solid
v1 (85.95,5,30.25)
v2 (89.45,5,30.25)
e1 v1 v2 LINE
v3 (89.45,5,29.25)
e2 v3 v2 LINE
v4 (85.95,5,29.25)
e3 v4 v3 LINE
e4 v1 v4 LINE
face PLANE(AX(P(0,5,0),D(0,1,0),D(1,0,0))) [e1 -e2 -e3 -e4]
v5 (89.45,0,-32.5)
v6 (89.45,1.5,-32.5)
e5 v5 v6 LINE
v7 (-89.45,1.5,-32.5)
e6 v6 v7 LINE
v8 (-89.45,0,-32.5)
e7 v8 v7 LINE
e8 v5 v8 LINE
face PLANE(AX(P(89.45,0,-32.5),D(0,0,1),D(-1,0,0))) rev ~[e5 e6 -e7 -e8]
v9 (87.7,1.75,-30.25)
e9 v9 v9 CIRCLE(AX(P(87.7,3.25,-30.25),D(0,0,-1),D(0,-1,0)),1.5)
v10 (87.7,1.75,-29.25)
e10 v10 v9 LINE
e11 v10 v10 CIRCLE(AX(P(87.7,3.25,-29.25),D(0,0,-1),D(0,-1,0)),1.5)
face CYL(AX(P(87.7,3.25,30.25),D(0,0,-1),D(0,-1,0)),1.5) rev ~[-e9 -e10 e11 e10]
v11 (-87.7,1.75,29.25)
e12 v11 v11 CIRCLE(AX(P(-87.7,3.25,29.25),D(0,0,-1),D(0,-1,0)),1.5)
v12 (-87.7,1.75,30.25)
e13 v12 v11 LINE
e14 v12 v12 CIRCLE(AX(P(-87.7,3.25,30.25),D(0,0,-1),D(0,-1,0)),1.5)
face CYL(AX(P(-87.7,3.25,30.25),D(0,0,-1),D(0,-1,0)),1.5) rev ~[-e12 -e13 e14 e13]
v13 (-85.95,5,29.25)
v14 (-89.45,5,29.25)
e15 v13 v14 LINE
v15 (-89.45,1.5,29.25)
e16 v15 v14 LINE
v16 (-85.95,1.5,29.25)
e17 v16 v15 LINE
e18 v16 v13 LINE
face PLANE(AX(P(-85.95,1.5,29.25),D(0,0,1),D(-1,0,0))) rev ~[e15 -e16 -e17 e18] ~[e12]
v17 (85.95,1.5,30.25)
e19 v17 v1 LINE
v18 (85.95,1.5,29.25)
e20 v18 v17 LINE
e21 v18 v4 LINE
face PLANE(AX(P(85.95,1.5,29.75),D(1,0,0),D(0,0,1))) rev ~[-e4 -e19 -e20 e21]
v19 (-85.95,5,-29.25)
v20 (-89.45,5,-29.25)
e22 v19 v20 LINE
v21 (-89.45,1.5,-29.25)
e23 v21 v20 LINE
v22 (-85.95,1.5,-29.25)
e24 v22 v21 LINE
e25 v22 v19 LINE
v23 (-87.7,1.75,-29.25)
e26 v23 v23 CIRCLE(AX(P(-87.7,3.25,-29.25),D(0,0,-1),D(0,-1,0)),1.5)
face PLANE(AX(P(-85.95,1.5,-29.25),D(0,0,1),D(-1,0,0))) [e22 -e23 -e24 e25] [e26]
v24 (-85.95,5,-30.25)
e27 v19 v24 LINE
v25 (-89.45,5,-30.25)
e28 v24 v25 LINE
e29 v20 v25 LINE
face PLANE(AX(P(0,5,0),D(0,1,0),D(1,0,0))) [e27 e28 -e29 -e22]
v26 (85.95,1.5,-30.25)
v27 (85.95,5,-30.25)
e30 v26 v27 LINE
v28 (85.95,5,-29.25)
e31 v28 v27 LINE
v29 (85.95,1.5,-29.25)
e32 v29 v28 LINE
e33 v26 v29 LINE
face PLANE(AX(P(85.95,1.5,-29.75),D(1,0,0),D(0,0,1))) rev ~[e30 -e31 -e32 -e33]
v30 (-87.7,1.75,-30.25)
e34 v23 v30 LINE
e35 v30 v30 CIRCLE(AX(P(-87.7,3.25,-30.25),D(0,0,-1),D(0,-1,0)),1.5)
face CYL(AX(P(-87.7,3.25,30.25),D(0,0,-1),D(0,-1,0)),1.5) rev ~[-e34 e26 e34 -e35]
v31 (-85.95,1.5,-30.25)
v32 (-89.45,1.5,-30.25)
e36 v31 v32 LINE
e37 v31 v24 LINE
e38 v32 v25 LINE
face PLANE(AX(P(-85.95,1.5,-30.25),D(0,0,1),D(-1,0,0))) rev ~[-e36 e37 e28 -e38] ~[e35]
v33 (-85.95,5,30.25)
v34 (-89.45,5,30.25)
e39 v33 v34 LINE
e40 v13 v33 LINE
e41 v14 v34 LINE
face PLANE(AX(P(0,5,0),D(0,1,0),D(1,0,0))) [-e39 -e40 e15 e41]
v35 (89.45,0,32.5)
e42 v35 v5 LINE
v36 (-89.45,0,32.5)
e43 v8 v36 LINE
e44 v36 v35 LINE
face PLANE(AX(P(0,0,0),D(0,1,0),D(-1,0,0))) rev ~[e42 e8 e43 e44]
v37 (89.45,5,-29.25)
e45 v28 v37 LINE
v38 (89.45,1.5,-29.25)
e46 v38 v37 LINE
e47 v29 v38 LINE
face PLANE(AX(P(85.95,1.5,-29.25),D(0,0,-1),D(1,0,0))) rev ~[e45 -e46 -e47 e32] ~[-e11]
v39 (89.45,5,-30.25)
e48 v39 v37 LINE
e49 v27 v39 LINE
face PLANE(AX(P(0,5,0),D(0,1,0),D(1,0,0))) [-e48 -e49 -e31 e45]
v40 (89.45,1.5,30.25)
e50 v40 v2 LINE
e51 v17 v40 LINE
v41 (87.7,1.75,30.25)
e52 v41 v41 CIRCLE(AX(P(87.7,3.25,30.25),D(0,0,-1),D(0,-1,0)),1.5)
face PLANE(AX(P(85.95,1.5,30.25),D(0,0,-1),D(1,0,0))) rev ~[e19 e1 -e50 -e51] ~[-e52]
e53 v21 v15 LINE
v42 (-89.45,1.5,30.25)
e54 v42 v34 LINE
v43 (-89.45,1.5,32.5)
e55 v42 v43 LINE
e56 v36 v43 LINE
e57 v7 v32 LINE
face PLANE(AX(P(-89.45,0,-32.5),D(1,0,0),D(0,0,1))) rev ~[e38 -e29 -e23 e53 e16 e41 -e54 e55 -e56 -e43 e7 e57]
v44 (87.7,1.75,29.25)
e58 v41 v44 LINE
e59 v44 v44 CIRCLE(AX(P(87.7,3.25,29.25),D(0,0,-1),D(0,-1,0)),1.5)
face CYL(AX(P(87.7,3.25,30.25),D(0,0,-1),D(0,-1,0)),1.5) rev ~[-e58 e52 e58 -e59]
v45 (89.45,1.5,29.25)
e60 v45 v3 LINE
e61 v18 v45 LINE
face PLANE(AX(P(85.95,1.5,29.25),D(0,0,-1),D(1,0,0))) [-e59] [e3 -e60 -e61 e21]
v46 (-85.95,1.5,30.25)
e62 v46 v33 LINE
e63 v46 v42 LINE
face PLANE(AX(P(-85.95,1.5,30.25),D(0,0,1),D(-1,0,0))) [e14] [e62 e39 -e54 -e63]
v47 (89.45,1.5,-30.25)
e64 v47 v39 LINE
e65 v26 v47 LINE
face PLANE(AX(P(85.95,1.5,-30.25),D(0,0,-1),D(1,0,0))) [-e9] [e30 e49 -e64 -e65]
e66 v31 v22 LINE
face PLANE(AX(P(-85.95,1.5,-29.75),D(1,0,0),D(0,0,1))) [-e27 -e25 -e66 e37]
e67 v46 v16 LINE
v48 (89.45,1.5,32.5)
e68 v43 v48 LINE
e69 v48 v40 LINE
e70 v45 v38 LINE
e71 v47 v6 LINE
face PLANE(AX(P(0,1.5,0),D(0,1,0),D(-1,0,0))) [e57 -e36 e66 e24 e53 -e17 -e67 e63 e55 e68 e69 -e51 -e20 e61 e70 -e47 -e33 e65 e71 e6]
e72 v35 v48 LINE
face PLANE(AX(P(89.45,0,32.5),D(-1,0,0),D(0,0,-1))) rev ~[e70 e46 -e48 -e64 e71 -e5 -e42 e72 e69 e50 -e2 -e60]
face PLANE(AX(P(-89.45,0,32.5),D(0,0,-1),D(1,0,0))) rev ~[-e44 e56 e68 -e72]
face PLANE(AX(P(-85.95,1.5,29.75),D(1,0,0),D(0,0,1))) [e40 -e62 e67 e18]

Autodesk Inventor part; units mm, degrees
ref_plane "YZ Plane" through (0, 0, 0) normal (1, 0, 0) x (0, 1, 0)
ref_plane "XZ Plane" through (0, 0, 0) normal (0, 1, 0) x (-1, 0, 0)
ref_plane "XY Plane" through (0, 0, 0) normal (0, 0, 1) x (1, 0, 0)
sketch "Sketch1" plane through (0, 0, 0) normal (0, 1, 0) x (-1, 0, 0)
  line L0 (89.45, 32.5) -> (-89.45, 32.5)
  line L1 (-89.45, 32.5) -> (-89.45, -32.5)
  line L2 (-89.45, -32.5) -> (89.45, -32.5)
  line L3 (89.45, -32.5) -> (89.45, 32.5)
  line L4 (89.45, 32.5) -> (-89.45, -32.5) construction
  line L5 (-89.45, 32.5) -> (89.45, -32.5) construction
  point P0 (0, 0)
  dimension "d0" = 178.9
  dimension "d1" = 65
extrude "Extrusion1" add sketch "Sketch1" along normal blind 1.5
sketch "Sketch2" plane through (0, 1.5, 0) normal (0, 1, 0) x (1, 0, 0)
  line L0 (89.45, -32.5) -> (89.45, 32.5) projected
  line L1 (-89.45, -29.75) -> (89.45, -29.75)
  line L2 (89.45, -29.75) -> (89.45, 29.75)
  line L3 (89.45, 29.75) -> (-89.45, 29.75)
  line L4 (-89.45, 29.75) -> (-89.45, -29.75)
  line L5 (-89.45, -29.75) -> (89.45, 29.75) construction
  line L6 (89.45, -29.75) -> (-89.45, 29.75) construction
  line L7 (89.45, 29.75) -> (85.95, 29.75)
  line L8 (85.95, 29.75) -> (85.95, 30.25)
  line L9 (85.95, 30.25) -> (89.45, 30.25)
  line L10 (89.45, 30.25) -> (89.45, 29.75)
  line L11 (85.95, 29.75) -> (85.95, 29.25)
  line L12 (85.95, 29.25) -> (89.45, 29.25)
  line L13 (89.45, 29.25) -> (89.45, 29.75)
  line L14 (0, 0) -> (0, 29.75)
  line L15 (0, 0) -> (37, 0)
  line L16 (-89.45, 29.75) -> (-85.95, 29.75)
  line L17 (-85.95, 29.75) -> (-85.95, 30.25)
  line L18 (-85.95, 30.25) -> (-89.45, 30.25)
  line L19 (-89.45, 30.25) -> (-89.45, 29.75)
  line L20 (-85.95, 29.75) -> (-85.95, 29.25)
  line L21 (-85.95, 29.25) -> (-89.45, 29.25)
  line L22 (-89.45, 29.25) -> (-89.45, 29.75)
  line L23 (89.45, -29.75) -> (85.95, -29.75)
  line L24 (85.95, -29.75) -> (85.95, -30.25)
  line L25 (85.95, -30.25) -> (89.45, -30.25)
  line L26 (89.45, -30.25) -> (89.45, -29.75)
  line L27 (85.95, -29.75) -> (85.95, -29.25)
  line L28 (85.95, -29.25) -> (89.45, -29.25)
  line L29 (89.45, -29.25) -> (89.45, -29.75)
  line L30 (-89.45, -29.75) -> (-85.95, -29.75)
  line L31 (-85.95, -29.75) -> (-85.95, -30.25)
  line L32 (-89.45, -30.25) -> (-89.45, -29.75)
  line L33 (-85.95, -29.75) -> (-85.95, -29.25)
  line L34 (-85.95, -29.25) -> (-89.45, -29.25)
  line L35 (-89.45, -29.25) -> (-89.45, -29.75)
  line L36 (-85.95, -30.25) -> (-89.45, -30.25)
  dimension "d4" = 59.5
  dimension "d5" = 3.5
  dimension "d6" = 0.5
extrude "Extrusion2" add sketch "Sketch2" along normal blind 3.5 contours L25 L24 L1 L0 | L1 L27 L28 L0 | L12 L11 L3 L0 | L31 L36 L32 L1 | L1 L4 L34 L33 | L3 L8 L9 L0 | L4 L3 L20 L21 | L3 L19 L18 L17
hole "Hole1" at (-87.7, 3.25, 30.25) direction (0, 0, -1) diameter 3 end through all
hole "Hole2" at (87.7, 3.25, 30.25) direction (0, 0, -1) diameter 3 end through all
properties part number "Bumper big"
